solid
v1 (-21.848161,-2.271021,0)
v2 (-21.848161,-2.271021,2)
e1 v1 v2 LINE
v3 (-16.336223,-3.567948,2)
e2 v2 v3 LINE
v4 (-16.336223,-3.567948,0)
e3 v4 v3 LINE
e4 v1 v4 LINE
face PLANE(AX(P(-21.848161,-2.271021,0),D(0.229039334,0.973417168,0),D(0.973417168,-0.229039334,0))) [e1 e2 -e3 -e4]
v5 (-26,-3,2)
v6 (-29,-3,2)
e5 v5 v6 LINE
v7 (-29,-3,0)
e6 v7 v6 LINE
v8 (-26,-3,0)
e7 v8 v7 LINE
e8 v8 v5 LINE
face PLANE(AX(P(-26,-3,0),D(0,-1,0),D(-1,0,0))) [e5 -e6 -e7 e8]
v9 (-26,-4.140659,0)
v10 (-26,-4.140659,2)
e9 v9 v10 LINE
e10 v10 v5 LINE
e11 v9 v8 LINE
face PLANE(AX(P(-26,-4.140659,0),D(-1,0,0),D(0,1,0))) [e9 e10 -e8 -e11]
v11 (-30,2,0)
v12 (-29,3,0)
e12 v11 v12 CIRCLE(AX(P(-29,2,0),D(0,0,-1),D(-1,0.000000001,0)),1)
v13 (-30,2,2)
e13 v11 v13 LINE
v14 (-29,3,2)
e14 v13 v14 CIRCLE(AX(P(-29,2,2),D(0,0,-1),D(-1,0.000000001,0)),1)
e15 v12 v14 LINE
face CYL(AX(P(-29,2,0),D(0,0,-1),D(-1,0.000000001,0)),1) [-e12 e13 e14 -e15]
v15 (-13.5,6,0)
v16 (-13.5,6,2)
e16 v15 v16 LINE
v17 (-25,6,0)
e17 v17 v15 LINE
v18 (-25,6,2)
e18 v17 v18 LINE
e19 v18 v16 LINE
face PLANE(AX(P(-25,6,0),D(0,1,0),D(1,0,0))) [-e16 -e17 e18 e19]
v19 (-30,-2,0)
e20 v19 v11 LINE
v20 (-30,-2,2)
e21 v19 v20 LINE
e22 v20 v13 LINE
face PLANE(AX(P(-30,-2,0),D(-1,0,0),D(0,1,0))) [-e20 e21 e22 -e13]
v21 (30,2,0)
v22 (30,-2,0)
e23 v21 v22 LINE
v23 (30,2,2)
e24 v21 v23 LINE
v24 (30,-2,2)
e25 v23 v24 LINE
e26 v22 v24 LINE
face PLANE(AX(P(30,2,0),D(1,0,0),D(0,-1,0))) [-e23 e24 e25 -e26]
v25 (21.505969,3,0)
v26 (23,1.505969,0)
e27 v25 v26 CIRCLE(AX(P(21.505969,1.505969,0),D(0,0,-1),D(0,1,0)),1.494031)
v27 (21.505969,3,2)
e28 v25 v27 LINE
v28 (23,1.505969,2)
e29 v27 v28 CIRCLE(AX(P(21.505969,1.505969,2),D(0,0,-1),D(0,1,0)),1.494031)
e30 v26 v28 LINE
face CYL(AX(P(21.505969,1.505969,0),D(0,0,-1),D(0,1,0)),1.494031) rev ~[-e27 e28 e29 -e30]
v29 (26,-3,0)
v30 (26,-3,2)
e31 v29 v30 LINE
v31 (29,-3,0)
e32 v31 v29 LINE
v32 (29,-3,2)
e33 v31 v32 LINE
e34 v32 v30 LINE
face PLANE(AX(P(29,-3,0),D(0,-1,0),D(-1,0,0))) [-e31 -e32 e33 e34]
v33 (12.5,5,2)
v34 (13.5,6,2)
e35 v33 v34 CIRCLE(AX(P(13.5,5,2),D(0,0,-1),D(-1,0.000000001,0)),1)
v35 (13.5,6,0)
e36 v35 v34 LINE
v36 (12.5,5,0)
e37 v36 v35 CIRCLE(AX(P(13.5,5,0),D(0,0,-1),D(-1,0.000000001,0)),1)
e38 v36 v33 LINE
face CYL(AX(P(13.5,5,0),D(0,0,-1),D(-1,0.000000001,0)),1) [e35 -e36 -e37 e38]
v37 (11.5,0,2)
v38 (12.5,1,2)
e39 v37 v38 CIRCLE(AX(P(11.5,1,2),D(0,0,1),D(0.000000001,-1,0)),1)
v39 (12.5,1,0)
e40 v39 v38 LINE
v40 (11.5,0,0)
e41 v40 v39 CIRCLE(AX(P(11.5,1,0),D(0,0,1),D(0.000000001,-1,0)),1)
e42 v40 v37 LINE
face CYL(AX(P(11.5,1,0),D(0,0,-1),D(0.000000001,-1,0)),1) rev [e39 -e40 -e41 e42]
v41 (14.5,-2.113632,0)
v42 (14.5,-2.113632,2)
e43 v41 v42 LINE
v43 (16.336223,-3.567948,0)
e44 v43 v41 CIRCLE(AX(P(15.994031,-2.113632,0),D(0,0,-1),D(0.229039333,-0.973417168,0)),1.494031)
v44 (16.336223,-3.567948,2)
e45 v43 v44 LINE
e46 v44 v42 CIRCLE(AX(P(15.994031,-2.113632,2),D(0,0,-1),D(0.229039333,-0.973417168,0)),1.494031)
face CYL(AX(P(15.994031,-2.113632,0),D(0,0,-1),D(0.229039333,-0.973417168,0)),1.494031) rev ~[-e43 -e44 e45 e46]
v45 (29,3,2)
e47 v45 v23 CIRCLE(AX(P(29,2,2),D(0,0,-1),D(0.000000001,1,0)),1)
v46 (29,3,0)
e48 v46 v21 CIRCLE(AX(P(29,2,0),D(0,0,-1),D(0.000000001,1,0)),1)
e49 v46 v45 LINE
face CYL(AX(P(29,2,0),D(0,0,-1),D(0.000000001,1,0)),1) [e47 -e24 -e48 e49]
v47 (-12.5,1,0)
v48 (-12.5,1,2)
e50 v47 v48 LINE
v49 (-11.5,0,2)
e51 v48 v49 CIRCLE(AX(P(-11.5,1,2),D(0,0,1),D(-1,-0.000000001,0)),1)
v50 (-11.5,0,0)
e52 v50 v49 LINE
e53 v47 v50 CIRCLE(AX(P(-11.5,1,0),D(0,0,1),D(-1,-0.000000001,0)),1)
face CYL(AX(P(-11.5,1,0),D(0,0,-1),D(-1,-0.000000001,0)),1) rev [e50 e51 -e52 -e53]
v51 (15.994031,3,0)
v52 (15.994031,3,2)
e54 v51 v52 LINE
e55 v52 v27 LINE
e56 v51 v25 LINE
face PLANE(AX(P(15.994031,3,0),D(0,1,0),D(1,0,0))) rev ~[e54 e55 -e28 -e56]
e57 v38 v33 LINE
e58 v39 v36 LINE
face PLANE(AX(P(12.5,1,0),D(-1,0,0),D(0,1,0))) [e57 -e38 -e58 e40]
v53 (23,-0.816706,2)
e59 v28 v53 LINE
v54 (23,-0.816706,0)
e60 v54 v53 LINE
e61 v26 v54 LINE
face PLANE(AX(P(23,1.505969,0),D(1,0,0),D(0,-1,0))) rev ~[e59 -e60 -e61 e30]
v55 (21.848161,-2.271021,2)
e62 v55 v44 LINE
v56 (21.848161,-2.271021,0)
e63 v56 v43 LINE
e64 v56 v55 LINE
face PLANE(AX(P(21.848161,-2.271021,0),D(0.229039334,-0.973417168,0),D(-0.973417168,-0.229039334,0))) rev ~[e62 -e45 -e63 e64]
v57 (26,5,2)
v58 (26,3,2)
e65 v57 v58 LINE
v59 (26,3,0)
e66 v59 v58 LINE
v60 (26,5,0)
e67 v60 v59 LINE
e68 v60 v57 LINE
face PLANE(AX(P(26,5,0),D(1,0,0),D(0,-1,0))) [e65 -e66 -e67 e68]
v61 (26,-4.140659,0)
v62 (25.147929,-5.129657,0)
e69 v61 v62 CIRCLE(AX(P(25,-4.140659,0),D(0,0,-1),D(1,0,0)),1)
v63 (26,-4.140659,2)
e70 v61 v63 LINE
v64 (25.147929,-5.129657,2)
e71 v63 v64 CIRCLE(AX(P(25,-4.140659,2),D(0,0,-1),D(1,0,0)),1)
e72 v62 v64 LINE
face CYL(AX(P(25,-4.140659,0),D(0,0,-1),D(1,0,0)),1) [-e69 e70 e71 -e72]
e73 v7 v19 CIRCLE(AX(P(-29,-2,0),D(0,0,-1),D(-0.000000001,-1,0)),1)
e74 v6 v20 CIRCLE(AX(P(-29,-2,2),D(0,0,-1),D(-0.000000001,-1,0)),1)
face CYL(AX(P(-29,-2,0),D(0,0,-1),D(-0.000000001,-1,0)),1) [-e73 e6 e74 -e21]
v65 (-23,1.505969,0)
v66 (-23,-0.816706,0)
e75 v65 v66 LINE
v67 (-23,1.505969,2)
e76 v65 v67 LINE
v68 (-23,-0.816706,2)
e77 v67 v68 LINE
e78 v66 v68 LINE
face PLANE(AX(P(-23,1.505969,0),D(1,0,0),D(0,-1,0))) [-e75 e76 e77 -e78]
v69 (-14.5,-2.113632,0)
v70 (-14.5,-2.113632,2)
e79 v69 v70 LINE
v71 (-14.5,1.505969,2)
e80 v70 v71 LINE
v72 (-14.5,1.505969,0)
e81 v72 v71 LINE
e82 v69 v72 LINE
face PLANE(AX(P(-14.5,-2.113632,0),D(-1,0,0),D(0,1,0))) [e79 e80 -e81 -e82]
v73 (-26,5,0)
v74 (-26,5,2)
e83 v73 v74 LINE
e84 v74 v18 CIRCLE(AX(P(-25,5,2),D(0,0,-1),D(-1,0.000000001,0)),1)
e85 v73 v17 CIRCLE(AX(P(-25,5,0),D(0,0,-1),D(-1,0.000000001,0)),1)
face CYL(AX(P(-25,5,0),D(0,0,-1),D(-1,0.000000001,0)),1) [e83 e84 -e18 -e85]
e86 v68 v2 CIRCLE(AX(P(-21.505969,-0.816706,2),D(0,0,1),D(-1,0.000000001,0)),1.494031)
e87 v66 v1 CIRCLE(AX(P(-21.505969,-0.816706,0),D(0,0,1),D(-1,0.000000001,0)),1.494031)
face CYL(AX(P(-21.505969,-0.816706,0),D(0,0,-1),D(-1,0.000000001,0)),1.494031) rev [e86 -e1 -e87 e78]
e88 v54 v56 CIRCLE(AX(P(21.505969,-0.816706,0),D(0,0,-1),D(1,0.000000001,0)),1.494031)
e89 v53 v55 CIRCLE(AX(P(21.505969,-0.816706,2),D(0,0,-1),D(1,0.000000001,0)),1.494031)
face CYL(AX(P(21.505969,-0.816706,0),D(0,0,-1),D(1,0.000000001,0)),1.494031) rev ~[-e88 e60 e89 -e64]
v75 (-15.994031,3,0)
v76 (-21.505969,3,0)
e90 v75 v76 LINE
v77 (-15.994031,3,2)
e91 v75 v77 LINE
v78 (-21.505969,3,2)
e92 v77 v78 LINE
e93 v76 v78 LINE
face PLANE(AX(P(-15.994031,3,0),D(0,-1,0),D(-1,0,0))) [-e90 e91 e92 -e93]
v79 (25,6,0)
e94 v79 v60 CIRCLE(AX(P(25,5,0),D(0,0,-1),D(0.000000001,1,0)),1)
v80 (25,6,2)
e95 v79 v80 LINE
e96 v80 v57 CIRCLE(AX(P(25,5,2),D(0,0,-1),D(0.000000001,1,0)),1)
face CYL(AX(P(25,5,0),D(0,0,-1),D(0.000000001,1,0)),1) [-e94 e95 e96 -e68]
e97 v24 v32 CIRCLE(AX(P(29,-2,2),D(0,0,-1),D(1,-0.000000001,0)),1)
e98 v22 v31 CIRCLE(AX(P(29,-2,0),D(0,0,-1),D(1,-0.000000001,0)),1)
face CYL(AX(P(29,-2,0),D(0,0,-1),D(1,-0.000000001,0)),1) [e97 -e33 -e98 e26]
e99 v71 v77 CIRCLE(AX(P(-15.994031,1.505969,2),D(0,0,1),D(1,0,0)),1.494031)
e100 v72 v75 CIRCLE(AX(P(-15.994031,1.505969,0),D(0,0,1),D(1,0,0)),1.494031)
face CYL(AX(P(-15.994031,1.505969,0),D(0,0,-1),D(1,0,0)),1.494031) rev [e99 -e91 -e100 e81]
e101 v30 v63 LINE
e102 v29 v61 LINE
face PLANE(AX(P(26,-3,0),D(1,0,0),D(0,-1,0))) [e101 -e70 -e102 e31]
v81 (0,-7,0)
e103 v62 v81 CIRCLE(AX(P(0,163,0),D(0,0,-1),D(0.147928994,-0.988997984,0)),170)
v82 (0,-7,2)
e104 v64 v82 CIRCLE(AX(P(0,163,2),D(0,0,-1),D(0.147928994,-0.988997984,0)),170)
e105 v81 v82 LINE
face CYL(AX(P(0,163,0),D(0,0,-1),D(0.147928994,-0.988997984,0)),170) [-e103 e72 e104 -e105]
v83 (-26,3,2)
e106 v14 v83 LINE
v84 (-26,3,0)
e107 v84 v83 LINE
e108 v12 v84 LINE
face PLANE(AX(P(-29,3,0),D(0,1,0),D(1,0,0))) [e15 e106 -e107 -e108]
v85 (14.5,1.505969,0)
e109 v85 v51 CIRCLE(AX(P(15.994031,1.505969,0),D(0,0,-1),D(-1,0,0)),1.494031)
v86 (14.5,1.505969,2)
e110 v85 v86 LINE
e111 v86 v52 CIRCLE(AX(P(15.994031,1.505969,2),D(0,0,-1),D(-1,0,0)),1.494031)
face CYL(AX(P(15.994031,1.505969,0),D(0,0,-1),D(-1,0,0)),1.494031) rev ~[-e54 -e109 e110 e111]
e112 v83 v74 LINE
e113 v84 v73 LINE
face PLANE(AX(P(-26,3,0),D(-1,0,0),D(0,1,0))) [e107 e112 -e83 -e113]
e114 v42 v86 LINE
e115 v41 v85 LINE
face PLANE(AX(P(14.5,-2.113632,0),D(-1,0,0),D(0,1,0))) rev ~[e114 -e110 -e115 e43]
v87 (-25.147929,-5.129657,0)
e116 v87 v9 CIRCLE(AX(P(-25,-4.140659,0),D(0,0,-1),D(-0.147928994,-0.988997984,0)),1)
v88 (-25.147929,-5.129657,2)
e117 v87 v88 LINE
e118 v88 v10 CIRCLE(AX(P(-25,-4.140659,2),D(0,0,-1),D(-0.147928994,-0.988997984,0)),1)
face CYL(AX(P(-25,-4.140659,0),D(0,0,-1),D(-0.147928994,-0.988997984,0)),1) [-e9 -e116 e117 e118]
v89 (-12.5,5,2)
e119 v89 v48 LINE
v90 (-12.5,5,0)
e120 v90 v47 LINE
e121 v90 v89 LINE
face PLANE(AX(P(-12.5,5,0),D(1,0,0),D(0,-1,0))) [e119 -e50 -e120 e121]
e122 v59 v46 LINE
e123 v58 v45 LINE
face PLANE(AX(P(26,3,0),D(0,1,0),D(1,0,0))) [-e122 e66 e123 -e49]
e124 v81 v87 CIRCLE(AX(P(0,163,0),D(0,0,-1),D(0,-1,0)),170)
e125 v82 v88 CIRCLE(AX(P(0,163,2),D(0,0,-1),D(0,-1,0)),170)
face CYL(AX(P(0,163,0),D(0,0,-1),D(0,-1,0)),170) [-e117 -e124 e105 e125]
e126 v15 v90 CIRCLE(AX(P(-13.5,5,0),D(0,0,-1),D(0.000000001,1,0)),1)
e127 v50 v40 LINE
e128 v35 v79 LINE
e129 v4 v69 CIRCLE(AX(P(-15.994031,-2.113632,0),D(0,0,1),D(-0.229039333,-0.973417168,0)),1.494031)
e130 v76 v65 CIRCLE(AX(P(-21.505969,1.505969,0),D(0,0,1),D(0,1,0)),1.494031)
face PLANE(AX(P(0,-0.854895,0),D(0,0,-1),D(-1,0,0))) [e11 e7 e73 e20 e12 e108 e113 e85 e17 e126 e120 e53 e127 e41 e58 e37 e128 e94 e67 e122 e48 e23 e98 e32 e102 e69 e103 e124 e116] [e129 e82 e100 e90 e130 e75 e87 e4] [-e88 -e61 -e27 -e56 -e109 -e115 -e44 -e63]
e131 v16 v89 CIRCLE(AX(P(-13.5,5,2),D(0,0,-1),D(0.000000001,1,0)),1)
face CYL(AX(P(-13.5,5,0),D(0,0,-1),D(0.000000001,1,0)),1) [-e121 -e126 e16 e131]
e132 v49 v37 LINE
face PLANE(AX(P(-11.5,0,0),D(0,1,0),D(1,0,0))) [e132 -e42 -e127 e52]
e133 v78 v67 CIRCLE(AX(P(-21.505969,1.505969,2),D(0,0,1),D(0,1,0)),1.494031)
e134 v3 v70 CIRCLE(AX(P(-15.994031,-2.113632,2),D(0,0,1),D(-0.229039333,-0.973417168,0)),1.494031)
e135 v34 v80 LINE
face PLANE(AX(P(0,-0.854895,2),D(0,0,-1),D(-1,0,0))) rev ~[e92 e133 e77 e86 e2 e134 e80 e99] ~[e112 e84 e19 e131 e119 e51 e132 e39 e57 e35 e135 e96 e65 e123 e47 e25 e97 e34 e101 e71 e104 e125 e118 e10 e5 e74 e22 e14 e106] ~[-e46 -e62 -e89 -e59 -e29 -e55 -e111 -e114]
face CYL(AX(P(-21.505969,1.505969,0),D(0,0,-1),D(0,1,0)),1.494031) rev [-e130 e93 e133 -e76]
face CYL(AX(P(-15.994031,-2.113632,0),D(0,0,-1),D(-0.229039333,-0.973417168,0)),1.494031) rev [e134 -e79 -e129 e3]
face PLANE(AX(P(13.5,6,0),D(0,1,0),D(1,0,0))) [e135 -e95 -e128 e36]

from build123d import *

# Parameters (mm, degrees)
RESSALTO_EXTRUS_O1_DEPTH = 2


with BuildPart() as part:
    # Esboço1 → Ressalto-extrusão1 (new body)
    with BuildSketch(Plane.XY):
        with BuildLine():
            Line((-11.5, 0), (11.5, 0))
            ThreePointArc((11.5, 0), (12.207106781, 0.292893219), (12.5, 1))
            Line((12.5, 1), (12.5, 5))
            ThreePointArc((12.5, 5), (12.792893219, 5.707106781), (13.5, 6))
            Line((13.5, 6), (25, 6))
            ThreePointArc((25, 6), (25.707106781, 5.707106781), (26, 5))
            Line((26, 5), (26, 3))
            Line((26, 3), (29, 3))
            ThreePointArc((29, 3), (29.707106781, 2.707106781), (30, 2))
            Line((30, 2), (30, -2))
            ThreePointArc((30, -2), (29.707106781, -2.707106781), (29, -3))
            Line((29, -3), (26, -3))
            Line((26, -3), (26, -4.140659326))
            ThreePointArc((26, -4.140659326), (25.757604446, -4.793373278), (25.147928994, -5.12965731))
            ThreePointArc((25.147928994, -5.12965731), (12.608692582, -6.531769505), (0, -7))
            ThreePointArc((0, -7), (-12.608692582, -6.531769505), (-25.147928994, -5.12965731))
            ThreePointArc((-25.147928994, -5.12965731), (-25.757604446, -4.793373278), (-26, -4.140659326))
            Line((-26, -4.140659326), (-26, -3))
            Line((-26, -3), (-29, -3))
            ThreePointArc((-29, -3), (-29.707106781, -2.707106781), (-30, -2))
            Line((-30, -2), (-30, 2))
            ThreePointArc((-30, 2), (-29.707106781, 2.707106781), (-29, 3))
            Line((-29, 3), (-26, 3))
            Line((-26, 3), (-26, 5))
            ThreePointArc((-26, 5), (-25.707106781, 5.707106781), (-25, 6))
            Line((-25, 6), (-13.5, 6))
            ThreePointArc((-13.5, 6), (-12.792893219, 5.707106781), (-12.5, 5))
            Line((-12.5, 5), (-12.5, 1))
            ThreePointArc((-12.5, 1), (-12.207106781, 0.292893219), (-11.5, 0))
        make_face()
        with BuildLine():
            Line((15.99403097, 3), (21.50596903, 3))
            ThreePointArc((21.50596903, 3), (22.56240846, 2.56240846), (23, 1.50596903))
            Line((23, 1.50596903), (23, -0.816705571))
            ThreePointArc((23, -0.816705571), (22.677159402, -1.744305514), (21.848160888, -2.271020968))
            Line((21.848160888, -2.271020968), (16.336222828, -3.56794757))
            ThreePointArc((16.336222828, -3.56794757), (15.066431028, -3.284822545), (14.5, -2.113632174))
            Line((14.5, -2.113632174), (14.5, 1.50596903))
            ThreePointArc((14.5, 1.50596903), (14.93759154, 2.56240846), (15.99403097, 3))
        make_face(mode=Mode.SUBTRACT)
        with BuildLine():
            Line((-14.5, -2.113632174), (-14.5, 1.50596903))
            ThreePointArc((-14.5, 1.50596903), (-14.93759154, 2.56240846), (-15.99403097, 3))
            Line((-15.99403097, 3), (-21.50596903, 3))
            ThreePointArc((-21.50596903, 3), (-22.56240846, 2.56240846), (-23, 1.50596903))
            Line((-23, 1.50596903), (-23, -0.816705571))
            ThreePointArc((-23, -0.816705571), (-22.677159402, -1.744305514), (-21.848160888, -2.271020968))
            Line((-21.848160888, -2.271020968), (-16.336222828, -3.56794757))
            ThreePointArc((-16.336222828, -3.56794757), (-15.066431028, -3.284822545), (-14.5, -2.113632174))
        make_face(mode=Mode.SUBTRACT)
    extrude(amount=RESSALTO_EXTRUS_O1_DEPTH)


solid = part.part
